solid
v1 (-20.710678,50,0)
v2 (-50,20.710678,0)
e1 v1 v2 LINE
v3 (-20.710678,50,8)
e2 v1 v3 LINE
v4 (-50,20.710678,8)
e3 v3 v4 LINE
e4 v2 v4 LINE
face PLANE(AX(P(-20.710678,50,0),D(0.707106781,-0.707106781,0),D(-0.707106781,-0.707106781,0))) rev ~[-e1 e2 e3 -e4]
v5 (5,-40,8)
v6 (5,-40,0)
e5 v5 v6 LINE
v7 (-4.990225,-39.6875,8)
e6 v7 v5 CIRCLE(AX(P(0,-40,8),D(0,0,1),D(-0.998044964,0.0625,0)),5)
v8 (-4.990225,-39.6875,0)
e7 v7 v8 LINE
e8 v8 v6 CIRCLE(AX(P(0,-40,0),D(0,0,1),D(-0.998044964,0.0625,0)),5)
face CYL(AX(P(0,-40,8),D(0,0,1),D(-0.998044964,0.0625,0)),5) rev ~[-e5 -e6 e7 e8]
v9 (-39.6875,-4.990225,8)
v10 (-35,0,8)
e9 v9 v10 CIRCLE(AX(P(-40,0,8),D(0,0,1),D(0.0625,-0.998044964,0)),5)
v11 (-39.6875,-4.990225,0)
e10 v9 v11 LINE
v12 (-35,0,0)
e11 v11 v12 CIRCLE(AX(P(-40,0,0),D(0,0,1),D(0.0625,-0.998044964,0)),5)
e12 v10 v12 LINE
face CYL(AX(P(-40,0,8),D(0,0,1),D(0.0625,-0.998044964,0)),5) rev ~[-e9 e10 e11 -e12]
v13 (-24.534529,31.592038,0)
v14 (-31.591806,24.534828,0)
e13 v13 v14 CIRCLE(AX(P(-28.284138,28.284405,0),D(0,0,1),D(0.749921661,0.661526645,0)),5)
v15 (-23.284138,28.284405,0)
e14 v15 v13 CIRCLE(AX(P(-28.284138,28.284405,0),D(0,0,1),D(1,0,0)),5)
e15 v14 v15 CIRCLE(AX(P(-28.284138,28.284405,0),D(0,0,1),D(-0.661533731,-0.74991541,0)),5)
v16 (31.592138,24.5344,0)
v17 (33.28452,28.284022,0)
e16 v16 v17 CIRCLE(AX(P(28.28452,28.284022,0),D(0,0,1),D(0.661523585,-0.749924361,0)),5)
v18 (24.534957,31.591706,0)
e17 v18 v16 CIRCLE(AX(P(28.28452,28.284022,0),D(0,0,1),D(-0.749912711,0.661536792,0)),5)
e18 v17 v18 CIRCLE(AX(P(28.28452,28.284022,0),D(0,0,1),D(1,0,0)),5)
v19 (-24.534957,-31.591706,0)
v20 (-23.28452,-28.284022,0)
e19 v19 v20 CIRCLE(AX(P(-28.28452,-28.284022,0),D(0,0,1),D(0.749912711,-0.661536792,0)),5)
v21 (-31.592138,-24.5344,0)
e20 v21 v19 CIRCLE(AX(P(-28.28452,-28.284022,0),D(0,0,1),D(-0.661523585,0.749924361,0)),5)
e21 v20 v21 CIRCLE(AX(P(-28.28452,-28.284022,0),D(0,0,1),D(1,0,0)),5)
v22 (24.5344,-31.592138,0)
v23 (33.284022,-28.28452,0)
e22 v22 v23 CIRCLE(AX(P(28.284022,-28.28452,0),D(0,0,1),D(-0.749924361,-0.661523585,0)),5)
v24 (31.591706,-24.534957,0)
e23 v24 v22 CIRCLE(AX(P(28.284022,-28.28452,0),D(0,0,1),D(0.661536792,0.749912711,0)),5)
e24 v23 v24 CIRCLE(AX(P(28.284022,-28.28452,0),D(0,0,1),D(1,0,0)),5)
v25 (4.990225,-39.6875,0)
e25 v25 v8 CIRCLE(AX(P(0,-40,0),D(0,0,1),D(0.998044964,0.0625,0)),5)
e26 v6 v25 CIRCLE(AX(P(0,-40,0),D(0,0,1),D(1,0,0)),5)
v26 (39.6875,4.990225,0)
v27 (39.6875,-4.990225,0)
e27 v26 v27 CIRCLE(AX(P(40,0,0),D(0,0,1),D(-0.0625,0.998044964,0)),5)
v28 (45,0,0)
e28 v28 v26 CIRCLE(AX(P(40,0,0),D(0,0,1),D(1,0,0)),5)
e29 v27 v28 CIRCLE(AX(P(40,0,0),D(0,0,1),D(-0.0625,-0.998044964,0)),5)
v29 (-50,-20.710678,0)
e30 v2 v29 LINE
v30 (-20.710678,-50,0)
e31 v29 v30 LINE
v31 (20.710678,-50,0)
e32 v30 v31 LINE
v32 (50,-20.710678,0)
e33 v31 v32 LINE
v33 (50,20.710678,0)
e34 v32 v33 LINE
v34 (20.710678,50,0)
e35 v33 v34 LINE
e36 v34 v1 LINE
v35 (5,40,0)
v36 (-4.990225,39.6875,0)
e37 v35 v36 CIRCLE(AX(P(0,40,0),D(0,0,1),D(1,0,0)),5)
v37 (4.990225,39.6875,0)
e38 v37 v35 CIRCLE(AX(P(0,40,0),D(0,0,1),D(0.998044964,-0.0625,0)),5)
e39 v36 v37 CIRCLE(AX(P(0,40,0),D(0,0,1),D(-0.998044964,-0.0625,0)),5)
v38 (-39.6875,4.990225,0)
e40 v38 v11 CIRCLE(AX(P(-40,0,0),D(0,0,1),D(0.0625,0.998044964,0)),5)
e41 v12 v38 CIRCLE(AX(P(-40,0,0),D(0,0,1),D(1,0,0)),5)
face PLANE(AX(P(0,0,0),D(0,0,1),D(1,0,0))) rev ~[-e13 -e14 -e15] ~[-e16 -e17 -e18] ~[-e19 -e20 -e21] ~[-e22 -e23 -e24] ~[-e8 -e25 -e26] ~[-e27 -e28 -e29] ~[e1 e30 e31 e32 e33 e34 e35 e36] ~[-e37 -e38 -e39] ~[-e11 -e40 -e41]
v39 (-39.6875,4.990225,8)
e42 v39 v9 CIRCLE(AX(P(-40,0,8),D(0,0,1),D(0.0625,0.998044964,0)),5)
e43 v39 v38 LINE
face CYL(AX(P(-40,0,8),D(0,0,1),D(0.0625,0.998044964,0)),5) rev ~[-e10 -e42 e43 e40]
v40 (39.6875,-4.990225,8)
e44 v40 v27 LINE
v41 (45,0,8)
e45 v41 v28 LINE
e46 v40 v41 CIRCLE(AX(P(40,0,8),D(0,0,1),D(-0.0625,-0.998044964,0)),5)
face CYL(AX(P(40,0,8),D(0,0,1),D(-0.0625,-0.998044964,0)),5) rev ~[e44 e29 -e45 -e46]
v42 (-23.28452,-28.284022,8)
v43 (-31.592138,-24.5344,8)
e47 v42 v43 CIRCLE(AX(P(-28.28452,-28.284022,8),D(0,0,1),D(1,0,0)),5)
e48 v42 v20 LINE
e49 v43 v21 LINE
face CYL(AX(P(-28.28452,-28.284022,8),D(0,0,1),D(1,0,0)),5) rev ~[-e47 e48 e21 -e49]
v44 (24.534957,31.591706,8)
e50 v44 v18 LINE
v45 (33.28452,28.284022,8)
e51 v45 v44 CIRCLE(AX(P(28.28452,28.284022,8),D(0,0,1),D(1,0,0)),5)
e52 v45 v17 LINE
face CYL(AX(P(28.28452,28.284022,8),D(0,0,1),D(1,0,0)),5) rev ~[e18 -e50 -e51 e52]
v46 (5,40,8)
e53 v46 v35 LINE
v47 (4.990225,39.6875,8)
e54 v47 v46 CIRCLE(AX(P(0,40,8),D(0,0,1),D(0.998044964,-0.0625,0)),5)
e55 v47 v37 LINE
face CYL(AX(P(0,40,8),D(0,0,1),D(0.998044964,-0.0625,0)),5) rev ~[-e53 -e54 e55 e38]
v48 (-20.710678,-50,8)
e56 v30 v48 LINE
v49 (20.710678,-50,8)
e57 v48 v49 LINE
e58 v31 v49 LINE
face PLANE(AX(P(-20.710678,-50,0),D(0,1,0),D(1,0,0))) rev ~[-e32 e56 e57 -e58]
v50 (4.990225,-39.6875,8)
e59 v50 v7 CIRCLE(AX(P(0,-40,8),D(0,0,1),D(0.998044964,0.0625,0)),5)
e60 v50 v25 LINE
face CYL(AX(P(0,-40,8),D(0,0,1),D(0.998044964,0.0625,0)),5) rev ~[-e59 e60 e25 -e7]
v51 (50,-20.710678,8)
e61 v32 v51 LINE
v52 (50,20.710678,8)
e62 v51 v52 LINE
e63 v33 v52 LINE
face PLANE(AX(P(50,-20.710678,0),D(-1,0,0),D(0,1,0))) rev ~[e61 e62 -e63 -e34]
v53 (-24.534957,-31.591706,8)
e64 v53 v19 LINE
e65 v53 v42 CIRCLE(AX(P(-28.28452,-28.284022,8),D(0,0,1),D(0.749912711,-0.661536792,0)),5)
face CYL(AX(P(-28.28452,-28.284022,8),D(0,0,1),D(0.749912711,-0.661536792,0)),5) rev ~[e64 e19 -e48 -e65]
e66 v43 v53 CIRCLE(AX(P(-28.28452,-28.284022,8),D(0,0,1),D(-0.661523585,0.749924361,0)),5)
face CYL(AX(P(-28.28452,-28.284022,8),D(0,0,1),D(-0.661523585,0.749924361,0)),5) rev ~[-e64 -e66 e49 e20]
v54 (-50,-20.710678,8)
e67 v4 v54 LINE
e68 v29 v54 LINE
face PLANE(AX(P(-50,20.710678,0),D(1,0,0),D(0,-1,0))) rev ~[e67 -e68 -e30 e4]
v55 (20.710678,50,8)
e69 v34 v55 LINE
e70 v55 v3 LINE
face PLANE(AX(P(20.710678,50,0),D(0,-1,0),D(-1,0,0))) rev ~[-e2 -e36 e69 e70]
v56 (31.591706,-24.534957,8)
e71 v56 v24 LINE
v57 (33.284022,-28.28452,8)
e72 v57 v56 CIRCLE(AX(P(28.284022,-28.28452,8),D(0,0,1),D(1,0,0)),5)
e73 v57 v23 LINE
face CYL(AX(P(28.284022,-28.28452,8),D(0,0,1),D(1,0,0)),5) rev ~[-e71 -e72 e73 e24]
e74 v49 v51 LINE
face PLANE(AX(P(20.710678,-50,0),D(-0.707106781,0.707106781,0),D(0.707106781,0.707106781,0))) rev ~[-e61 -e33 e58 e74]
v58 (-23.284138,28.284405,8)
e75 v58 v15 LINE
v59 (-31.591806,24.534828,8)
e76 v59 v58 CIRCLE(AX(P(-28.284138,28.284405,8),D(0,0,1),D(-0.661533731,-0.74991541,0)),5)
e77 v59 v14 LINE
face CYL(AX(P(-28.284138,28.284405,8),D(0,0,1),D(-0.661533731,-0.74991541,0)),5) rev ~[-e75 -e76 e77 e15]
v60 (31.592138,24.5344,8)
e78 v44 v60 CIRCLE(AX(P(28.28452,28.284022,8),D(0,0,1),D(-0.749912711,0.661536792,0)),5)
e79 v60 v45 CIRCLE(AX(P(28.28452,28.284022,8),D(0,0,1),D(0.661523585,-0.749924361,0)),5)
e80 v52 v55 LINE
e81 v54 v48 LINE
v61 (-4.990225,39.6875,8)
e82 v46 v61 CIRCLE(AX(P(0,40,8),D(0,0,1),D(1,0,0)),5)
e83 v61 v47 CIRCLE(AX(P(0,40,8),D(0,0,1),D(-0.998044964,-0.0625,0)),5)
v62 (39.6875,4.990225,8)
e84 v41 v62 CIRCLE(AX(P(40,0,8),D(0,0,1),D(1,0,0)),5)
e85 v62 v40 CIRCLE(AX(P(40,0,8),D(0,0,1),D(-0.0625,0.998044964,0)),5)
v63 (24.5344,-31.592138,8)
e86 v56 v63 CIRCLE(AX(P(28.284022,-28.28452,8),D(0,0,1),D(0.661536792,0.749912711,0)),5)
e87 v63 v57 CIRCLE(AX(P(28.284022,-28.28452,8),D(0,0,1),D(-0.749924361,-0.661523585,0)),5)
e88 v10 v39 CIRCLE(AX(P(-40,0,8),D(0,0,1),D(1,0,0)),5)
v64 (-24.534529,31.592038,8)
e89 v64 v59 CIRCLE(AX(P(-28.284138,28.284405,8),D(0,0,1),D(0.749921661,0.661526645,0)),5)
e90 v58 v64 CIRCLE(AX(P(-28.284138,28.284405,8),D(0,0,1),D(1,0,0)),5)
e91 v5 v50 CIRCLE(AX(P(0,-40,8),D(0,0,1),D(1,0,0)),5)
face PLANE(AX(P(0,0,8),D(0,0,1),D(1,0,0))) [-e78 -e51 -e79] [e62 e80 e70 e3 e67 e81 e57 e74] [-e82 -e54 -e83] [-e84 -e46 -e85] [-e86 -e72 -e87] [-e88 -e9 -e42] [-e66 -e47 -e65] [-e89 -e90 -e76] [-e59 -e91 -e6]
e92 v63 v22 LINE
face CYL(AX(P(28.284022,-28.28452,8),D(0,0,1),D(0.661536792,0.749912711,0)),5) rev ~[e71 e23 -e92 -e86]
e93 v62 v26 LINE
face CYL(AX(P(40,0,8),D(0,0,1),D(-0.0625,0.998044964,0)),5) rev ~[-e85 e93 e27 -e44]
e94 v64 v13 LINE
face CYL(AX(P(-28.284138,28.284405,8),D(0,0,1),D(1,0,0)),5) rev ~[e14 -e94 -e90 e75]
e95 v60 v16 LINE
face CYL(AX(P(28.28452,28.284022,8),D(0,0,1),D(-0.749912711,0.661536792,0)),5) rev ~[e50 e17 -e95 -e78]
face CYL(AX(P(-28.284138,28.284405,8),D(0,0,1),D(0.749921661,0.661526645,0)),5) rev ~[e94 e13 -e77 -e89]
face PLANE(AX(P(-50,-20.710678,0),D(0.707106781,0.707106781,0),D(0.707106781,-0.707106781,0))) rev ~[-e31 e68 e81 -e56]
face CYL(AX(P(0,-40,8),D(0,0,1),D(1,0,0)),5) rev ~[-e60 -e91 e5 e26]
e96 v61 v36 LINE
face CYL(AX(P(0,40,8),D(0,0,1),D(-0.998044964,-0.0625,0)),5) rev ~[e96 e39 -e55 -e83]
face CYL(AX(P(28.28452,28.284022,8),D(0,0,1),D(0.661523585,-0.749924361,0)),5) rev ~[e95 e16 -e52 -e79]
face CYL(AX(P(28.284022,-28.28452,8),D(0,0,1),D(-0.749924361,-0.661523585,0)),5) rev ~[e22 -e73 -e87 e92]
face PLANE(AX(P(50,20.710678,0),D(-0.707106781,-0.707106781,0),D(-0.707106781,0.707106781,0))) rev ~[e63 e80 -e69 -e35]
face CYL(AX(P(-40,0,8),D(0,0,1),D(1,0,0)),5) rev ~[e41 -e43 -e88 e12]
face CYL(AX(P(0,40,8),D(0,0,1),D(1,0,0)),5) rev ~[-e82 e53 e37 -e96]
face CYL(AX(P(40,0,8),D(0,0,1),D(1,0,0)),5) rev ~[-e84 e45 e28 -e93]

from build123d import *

# Parameters (mm, degrees)
F1_DEPTH = 8
F3_DEPTH = 25


with BuildPart() as f1:
    # F0 (on Top) → F1 (new body)
    with BuildSketch(Plane.XY):
        Polygon((20.7106781187, -50), (50, -20.7106781187), (50, 20.7106781187), (20.7106781187, 50), (-20.7106781187, 50), (-50, 20.7106781187), (-50, -20.7106781187), (-20.7106781187, -50), align=None)
    extrude(amount=F1_DEPTH)

    # F2 (on face) → F3 (cut)
    with BuildSketch(Plane.XY.offset(8)):
        with BuildLine():
            ThreePointArc((24.5349567524, 31.5917061451), (24.7489552671, 24.7485194141), (31.5921382283, 24.5344003832))
            ThreePointArc((31.5921382283, 24.5344003832), (28.2845203052, 28.2840221875), (24.5349567524, 31.5917061451))
        make_face()
        with BuildLine():
            ThreePointArc((24.5349567524, 31.5917061451), (28.2845203052, 28.2840221875), (31.5921382283, 24.5344003832))
            ThreePointArc((31.5921382283, 24.5344003832), (32.8418270546, 26.2270936053), (33.2845203052, 28.2840221875))
            ThreePointArc((33.2845203052, 28.2840221875), (30.052595846, 32.9609772741), (24.5349567524, 31.5917061451))
        make_face()
        with BuildLine():
            ThreePointArc((-4.9902248196, 39.6875), (0, 35), (4.9902248196, 39.6875))
            ThreePointArc((4.9902248196, 39.6875), (0, 40), (-4.9902248196, 39.6875))
        make_face()
        with BuildLine():
            ThreePointArc((-4.9902248196, 39.6875), (0, 40), (4.9902248196, 39.6875))
            ThreePointArc((4.9902248196, 39.6875), (4.9975556074, 39.8436735754), (5, 40))
            ThreePointArc((5, 40), (-0.1563264246, 44.9975556074), (-4.9902248196, 39.6875))
        make_face()
        with BuildLine():
            ThreePointArc((-31.5918062772, 24.5348278197), (-28.2841376224, 28.2844048719), (-24.5345293173, 31.5920380979))
            ThreePointArc((-24.5345293173, 31.5920380979), (-31.8196548252, 31.8199554809), (-31.5918062772, 24.5348278197))
        make_face()
        with BuildLine():
            ThreePointArc((-23.2841376224, 28.2844048719), (-23.607170575, 30.0524487732), (-24.5345293173, 31.5920380979))
            ThreePointArc((-24.5345293173, 31.5920380979), (-28.2841376224, 28.2844048719), (-31.5918062772, 24.5348278197))
            ThreePointArc((-31.5918062772, 24.5348278197), (-26.2272398702, 23.7270842076), (-23.2841376224, 28.2844048719))
        make_face()
        with BuildLine():
            ThreePointArc((-39.6875, -4.9902248196), (-40, 0), (-39.6875, 4.9902248196))
            ThreePointArc((-39.6875, 4.9902248196), (-45, 0), (-39.6875, -4.9902248196))
        make_face()
        with BuildLine():
            ThreePointArc((-35, 0), (-36.3556550657, 3.4232659844), (-39.6875, 4.9902248196))
            ThreePointArc((-39.6875, 4.9902248196), (-40, 0), (-39.6875, -4.9902248196))
            ThreePointArc((-39.6875, -4.9902248196), (-36.3556550657, -3.4232659844), (-35, 0))
        make_face()
        with BuildLine():
            ThreePointArc((-31.5921382283, -24.5344003832), (-31.8200853434, -31.8195249609), (-24.5349567524, -31.5917061451))
            ThreePointArc((-24.5349567524, -31.5917061451), (-28.2845203052, -28.2840221875), (-31.5921382283, -24.5344003832))
        make_face()
        with BuildLine():
            ThreePointArc((-31.5921382283, -24.5344003832), (-28.2845203052, -28.2840221875), (-24.5349567524, -31.5917061451))
            ThreePointArc((-24.5349567524, -31.5917061451), (-23.6075652186, -30.0520977283), (-23.2845203052, -28.2840221875))
            ThreePointArc((-23.2845203052, -28.2840221875), (-26.227591723, -23.7267154382), (-31.5921382283, -24.5344003832))
        make_face()
        with BuildLine():
            ThreePointArc((-4.9902248196, -39.6875), (0, -40), (4.9902248196, -39.6875))
            ThreePointArc((4.9902248196, -39.6875), (0, -35), (-4.9902248196, -39.6875))
        make_face()
        with BuildLine():
            ThreePointArc((5, -40), (4.9975556074, -39.8436735754), (4.9902248196, -39.6875))
            ThreePointArc((4.9902248196, -39.6875), (0, -40), (-4.9902248196, -39.6875))
            ThreePointArc((-4.9902248196, -39.6875), (-0.1563264246, -44.9975556074), (5, -40))
        make_face()
        with BuildLine():
            ThreePointArc((24.5344003832, -31.5921382283), (28.2840221875, -28.2845203052), (31.5917061451, -24.5349567524))
            ThreePointArc((31.5917061451, -24.5349567524), (24.7485194141, -24.7489552671), (24.5344003832, -31.5921382283))
        make_face()
        with BuildLine():
            ThreePointArc((33.2840221875, -28.2845203052), (32.8413470491, -26.2276318527), (31.5917061451, -24.5349567524))
            ThreePointArc((31.5917061451, -24.5349567524), (28.2840221875, -28.2845203052), (24.5344003832, -31.5921382283))
            ThreePointArc((24.5344003832, -31.5921382283), (30.052056545, -32.9614909605), (33.2840221875, -28.2845203052))
        make_face()
        with BuildLine():
            ThreePointArc((39.6875, -4.9902248196), (39.9217985567, -2.5), (40, 0))
            ThreePointArc((40, 0), (39.9217985567, 2.5), (39.6875, 4.9902248196))
            ThreePointArc((39.6875, 4.9902248196), (35, 0), (39.6875, -4.9902248196))
        make_face()
        with BuildLine():
            ThreePointArc((39.6875, 4.9902248196), (39.9217985567, 2.5), (40, 0))
            ThreePointArc((40, 0), (39.9217985567, -2.5), (39.6875, -4.9902248196))
            ThreePointArc((39.6875, -4.9902248196), (43.4232659844, -3.6443449343), (45, 0))
            ThreePointArc((45, 0), (43.4232659844, 3.6443449343), (39.6875, 4.9902248196))
        make_face()
    extrude(amount=-F3_DEPTH, mode=Mode.SUBTRACT)


solid = f1.part
